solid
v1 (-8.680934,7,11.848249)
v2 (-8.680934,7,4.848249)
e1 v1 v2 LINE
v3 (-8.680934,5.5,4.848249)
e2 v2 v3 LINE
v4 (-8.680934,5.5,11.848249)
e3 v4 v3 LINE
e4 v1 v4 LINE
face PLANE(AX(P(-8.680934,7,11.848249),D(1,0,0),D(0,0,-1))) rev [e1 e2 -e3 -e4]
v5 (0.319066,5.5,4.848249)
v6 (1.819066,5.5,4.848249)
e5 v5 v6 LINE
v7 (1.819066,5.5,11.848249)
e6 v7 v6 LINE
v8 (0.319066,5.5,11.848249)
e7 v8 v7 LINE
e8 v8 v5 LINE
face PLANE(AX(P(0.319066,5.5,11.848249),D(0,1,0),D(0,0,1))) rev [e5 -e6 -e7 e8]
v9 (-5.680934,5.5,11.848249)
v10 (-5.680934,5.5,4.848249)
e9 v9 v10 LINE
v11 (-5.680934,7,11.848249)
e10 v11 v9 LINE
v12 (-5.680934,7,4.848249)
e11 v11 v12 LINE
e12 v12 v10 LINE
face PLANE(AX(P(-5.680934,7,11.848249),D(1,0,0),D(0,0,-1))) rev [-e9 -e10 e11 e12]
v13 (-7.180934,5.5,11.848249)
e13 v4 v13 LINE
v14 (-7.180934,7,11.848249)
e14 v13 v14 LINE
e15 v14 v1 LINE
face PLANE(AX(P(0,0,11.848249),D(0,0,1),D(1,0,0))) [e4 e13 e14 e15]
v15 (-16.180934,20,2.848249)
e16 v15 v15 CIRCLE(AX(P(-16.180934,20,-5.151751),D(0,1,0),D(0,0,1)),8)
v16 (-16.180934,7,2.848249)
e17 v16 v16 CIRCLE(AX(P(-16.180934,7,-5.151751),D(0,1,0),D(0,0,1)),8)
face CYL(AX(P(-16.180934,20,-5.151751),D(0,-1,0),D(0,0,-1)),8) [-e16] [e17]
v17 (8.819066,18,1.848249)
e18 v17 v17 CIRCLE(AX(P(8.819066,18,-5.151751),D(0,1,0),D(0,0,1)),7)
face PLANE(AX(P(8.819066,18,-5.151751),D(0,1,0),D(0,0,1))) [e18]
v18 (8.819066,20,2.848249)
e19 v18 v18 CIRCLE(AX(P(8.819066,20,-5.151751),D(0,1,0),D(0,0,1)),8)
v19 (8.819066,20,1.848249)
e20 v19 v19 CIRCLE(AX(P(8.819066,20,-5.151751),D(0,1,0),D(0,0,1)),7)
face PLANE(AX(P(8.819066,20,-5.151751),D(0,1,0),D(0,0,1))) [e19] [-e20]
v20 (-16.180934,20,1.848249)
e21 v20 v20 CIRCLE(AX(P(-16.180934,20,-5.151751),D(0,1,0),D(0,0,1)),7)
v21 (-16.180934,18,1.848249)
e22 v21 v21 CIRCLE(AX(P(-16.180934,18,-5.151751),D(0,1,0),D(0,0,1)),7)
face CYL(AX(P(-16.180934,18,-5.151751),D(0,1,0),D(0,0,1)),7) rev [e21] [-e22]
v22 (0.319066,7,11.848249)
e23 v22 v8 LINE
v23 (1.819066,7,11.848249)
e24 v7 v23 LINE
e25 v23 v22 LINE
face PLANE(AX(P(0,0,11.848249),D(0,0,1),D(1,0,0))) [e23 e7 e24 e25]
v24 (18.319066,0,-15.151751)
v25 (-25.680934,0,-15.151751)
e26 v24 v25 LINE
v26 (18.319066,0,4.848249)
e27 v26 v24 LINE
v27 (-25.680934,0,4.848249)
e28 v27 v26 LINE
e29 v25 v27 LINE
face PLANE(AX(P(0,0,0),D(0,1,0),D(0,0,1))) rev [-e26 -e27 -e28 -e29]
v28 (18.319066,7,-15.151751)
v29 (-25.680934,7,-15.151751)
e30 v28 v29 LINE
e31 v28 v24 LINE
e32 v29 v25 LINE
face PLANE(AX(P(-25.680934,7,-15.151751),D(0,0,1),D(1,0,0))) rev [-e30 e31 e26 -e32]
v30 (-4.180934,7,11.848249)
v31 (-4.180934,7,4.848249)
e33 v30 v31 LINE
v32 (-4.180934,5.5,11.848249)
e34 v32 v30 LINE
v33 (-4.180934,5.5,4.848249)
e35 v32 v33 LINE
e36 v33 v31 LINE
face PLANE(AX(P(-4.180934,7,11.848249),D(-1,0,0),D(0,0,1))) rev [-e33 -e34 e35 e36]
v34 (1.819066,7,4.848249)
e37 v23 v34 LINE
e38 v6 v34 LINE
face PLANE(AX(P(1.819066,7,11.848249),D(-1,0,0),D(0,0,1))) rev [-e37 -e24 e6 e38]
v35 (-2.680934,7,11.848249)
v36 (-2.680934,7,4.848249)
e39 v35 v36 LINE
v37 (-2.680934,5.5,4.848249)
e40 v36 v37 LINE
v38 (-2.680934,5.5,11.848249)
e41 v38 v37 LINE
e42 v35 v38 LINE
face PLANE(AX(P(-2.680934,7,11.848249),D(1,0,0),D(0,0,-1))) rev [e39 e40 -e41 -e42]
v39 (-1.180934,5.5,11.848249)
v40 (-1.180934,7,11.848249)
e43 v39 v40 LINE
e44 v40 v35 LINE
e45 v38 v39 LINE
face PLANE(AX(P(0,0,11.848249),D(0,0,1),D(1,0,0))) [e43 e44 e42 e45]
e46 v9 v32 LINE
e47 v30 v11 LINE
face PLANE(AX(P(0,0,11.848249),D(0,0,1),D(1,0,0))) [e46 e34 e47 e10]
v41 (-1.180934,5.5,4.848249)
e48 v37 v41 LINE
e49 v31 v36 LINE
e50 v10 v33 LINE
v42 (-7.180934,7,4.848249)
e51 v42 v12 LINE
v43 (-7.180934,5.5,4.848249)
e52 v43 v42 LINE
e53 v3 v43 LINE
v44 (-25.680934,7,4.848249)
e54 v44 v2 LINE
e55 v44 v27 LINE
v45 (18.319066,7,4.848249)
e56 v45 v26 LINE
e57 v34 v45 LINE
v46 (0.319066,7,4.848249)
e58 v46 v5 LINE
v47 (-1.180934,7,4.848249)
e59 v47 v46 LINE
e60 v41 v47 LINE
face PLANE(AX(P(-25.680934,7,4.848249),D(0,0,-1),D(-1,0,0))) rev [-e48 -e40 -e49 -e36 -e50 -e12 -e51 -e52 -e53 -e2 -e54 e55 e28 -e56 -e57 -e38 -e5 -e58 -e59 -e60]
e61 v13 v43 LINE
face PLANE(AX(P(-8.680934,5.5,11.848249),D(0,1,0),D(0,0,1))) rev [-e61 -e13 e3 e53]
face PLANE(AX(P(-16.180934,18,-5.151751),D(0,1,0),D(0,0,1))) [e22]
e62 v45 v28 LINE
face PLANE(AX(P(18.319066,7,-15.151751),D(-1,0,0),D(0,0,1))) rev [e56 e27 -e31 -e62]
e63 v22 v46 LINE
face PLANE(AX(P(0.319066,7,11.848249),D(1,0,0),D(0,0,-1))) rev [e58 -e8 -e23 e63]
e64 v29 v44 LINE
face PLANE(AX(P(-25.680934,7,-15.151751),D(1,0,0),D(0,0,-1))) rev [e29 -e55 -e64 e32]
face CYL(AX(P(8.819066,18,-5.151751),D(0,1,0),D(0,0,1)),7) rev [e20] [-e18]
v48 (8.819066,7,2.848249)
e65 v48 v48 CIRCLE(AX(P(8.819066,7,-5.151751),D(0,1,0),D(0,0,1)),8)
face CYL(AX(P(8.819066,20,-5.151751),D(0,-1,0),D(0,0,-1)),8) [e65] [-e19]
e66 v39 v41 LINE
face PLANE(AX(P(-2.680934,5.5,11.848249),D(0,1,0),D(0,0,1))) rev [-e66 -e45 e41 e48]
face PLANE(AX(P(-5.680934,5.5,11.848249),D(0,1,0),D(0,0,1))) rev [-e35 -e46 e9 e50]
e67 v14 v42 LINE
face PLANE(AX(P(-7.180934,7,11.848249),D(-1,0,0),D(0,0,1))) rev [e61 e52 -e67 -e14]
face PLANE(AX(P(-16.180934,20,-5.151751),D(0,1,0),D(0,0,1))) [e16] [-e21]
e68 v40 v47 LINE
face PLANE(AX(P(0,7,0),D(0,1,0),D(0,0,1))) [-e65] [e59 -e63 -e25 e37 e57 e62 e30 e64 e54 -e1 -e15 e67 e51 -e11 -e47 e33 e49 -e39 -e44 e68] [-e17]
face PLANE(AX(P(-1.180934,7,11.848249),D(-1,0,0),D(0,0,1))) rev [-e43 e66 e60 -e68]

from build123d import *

# Parameters (mm, degrees)
SKETCH1_W           = 44
SKETCH1_H           = 20
BOSS_EXTRUDE1_DEPTH = 7
SKETCH3_R           = 8
BOSS_EXTRUDE2_DEPTH = 13
SKETCH4_R           = 7
CUT_EXTRUDE1_DEPTH  = 2
SKETCH5_W           = 1.5
SKETCH5_H           = 1.5
BOSS_EXTRUDE3_DEPTH = 7


with BuildPart() as part:
    # Sketch1 → Boss-Extrude1 (new body)
    with BuildSketch(Plane(origin=(0, 0, 0), x_dir=(1, 0, 0), z_dir=(0, 1, 0))):
        with Locations((-3.680933852, 5.151750973)):
            Rectangle(SKETCH1_W, SKETCH1_H)
    extrude(amount=BOSS_EXTRUDE1_DEPTH)

    # Sketch3 → Boss-Extrude2 (add)
    with BuildSketch(Plane(origin=(0, 7, 0), x_dir=(1, 0, 0), z_dir=(0, 1, 0))):
        with Locations((-16.180933852, 5.151750973)):
            Circle(SKETCH3_R)
        with Locations((8.819066148, 5.151750973)):
            Circle(SKETCH3_R)
    extrude(amount=BOSS_EXTRUDE2_DEPTH)

    # Sketch4 → Cut-Extrude1 (cut)
    with BuildSketch(Plane(origin=(0, 20, 0), x_dir=(1, 0, 0), z_dir=(0, 1, 0))):
        with Locations((-16.180933852, 5.151750973)):
            Circle(SKETCH4_R)
        with Locations((8.819066148, 5.151750973)):
            Circle(SKETCH4_R)
    extrude(amount=-CUT_EXTRUDE1_DEPTH, mode=Mode.SUBTRACT)

    # Sketch5 → Boss-Extrude3 (add)
    with BuildSketch(Plane.XY.offset(4.848249027)):
        with Locations((-7.930933852, 6.25)):
            Rectangle(SKETCH5_W, SKETCH5_H)
        with Locations((-4.930933852, 6.25)):
            Rectangle(SKETCH5_W, SKETCH5_H)
        with Locations((-1.930933852, 6.25)):
            Rectangle(SKETCH5_W, SKETCH5_H)
        with Locations((1.069066148, 6.25)):
            Rectangle(SKETCH5_W, SKETCH5_H)
    extrude(amount=BOSS_EXTRUDE3_DEPTH)


solid = part.part
